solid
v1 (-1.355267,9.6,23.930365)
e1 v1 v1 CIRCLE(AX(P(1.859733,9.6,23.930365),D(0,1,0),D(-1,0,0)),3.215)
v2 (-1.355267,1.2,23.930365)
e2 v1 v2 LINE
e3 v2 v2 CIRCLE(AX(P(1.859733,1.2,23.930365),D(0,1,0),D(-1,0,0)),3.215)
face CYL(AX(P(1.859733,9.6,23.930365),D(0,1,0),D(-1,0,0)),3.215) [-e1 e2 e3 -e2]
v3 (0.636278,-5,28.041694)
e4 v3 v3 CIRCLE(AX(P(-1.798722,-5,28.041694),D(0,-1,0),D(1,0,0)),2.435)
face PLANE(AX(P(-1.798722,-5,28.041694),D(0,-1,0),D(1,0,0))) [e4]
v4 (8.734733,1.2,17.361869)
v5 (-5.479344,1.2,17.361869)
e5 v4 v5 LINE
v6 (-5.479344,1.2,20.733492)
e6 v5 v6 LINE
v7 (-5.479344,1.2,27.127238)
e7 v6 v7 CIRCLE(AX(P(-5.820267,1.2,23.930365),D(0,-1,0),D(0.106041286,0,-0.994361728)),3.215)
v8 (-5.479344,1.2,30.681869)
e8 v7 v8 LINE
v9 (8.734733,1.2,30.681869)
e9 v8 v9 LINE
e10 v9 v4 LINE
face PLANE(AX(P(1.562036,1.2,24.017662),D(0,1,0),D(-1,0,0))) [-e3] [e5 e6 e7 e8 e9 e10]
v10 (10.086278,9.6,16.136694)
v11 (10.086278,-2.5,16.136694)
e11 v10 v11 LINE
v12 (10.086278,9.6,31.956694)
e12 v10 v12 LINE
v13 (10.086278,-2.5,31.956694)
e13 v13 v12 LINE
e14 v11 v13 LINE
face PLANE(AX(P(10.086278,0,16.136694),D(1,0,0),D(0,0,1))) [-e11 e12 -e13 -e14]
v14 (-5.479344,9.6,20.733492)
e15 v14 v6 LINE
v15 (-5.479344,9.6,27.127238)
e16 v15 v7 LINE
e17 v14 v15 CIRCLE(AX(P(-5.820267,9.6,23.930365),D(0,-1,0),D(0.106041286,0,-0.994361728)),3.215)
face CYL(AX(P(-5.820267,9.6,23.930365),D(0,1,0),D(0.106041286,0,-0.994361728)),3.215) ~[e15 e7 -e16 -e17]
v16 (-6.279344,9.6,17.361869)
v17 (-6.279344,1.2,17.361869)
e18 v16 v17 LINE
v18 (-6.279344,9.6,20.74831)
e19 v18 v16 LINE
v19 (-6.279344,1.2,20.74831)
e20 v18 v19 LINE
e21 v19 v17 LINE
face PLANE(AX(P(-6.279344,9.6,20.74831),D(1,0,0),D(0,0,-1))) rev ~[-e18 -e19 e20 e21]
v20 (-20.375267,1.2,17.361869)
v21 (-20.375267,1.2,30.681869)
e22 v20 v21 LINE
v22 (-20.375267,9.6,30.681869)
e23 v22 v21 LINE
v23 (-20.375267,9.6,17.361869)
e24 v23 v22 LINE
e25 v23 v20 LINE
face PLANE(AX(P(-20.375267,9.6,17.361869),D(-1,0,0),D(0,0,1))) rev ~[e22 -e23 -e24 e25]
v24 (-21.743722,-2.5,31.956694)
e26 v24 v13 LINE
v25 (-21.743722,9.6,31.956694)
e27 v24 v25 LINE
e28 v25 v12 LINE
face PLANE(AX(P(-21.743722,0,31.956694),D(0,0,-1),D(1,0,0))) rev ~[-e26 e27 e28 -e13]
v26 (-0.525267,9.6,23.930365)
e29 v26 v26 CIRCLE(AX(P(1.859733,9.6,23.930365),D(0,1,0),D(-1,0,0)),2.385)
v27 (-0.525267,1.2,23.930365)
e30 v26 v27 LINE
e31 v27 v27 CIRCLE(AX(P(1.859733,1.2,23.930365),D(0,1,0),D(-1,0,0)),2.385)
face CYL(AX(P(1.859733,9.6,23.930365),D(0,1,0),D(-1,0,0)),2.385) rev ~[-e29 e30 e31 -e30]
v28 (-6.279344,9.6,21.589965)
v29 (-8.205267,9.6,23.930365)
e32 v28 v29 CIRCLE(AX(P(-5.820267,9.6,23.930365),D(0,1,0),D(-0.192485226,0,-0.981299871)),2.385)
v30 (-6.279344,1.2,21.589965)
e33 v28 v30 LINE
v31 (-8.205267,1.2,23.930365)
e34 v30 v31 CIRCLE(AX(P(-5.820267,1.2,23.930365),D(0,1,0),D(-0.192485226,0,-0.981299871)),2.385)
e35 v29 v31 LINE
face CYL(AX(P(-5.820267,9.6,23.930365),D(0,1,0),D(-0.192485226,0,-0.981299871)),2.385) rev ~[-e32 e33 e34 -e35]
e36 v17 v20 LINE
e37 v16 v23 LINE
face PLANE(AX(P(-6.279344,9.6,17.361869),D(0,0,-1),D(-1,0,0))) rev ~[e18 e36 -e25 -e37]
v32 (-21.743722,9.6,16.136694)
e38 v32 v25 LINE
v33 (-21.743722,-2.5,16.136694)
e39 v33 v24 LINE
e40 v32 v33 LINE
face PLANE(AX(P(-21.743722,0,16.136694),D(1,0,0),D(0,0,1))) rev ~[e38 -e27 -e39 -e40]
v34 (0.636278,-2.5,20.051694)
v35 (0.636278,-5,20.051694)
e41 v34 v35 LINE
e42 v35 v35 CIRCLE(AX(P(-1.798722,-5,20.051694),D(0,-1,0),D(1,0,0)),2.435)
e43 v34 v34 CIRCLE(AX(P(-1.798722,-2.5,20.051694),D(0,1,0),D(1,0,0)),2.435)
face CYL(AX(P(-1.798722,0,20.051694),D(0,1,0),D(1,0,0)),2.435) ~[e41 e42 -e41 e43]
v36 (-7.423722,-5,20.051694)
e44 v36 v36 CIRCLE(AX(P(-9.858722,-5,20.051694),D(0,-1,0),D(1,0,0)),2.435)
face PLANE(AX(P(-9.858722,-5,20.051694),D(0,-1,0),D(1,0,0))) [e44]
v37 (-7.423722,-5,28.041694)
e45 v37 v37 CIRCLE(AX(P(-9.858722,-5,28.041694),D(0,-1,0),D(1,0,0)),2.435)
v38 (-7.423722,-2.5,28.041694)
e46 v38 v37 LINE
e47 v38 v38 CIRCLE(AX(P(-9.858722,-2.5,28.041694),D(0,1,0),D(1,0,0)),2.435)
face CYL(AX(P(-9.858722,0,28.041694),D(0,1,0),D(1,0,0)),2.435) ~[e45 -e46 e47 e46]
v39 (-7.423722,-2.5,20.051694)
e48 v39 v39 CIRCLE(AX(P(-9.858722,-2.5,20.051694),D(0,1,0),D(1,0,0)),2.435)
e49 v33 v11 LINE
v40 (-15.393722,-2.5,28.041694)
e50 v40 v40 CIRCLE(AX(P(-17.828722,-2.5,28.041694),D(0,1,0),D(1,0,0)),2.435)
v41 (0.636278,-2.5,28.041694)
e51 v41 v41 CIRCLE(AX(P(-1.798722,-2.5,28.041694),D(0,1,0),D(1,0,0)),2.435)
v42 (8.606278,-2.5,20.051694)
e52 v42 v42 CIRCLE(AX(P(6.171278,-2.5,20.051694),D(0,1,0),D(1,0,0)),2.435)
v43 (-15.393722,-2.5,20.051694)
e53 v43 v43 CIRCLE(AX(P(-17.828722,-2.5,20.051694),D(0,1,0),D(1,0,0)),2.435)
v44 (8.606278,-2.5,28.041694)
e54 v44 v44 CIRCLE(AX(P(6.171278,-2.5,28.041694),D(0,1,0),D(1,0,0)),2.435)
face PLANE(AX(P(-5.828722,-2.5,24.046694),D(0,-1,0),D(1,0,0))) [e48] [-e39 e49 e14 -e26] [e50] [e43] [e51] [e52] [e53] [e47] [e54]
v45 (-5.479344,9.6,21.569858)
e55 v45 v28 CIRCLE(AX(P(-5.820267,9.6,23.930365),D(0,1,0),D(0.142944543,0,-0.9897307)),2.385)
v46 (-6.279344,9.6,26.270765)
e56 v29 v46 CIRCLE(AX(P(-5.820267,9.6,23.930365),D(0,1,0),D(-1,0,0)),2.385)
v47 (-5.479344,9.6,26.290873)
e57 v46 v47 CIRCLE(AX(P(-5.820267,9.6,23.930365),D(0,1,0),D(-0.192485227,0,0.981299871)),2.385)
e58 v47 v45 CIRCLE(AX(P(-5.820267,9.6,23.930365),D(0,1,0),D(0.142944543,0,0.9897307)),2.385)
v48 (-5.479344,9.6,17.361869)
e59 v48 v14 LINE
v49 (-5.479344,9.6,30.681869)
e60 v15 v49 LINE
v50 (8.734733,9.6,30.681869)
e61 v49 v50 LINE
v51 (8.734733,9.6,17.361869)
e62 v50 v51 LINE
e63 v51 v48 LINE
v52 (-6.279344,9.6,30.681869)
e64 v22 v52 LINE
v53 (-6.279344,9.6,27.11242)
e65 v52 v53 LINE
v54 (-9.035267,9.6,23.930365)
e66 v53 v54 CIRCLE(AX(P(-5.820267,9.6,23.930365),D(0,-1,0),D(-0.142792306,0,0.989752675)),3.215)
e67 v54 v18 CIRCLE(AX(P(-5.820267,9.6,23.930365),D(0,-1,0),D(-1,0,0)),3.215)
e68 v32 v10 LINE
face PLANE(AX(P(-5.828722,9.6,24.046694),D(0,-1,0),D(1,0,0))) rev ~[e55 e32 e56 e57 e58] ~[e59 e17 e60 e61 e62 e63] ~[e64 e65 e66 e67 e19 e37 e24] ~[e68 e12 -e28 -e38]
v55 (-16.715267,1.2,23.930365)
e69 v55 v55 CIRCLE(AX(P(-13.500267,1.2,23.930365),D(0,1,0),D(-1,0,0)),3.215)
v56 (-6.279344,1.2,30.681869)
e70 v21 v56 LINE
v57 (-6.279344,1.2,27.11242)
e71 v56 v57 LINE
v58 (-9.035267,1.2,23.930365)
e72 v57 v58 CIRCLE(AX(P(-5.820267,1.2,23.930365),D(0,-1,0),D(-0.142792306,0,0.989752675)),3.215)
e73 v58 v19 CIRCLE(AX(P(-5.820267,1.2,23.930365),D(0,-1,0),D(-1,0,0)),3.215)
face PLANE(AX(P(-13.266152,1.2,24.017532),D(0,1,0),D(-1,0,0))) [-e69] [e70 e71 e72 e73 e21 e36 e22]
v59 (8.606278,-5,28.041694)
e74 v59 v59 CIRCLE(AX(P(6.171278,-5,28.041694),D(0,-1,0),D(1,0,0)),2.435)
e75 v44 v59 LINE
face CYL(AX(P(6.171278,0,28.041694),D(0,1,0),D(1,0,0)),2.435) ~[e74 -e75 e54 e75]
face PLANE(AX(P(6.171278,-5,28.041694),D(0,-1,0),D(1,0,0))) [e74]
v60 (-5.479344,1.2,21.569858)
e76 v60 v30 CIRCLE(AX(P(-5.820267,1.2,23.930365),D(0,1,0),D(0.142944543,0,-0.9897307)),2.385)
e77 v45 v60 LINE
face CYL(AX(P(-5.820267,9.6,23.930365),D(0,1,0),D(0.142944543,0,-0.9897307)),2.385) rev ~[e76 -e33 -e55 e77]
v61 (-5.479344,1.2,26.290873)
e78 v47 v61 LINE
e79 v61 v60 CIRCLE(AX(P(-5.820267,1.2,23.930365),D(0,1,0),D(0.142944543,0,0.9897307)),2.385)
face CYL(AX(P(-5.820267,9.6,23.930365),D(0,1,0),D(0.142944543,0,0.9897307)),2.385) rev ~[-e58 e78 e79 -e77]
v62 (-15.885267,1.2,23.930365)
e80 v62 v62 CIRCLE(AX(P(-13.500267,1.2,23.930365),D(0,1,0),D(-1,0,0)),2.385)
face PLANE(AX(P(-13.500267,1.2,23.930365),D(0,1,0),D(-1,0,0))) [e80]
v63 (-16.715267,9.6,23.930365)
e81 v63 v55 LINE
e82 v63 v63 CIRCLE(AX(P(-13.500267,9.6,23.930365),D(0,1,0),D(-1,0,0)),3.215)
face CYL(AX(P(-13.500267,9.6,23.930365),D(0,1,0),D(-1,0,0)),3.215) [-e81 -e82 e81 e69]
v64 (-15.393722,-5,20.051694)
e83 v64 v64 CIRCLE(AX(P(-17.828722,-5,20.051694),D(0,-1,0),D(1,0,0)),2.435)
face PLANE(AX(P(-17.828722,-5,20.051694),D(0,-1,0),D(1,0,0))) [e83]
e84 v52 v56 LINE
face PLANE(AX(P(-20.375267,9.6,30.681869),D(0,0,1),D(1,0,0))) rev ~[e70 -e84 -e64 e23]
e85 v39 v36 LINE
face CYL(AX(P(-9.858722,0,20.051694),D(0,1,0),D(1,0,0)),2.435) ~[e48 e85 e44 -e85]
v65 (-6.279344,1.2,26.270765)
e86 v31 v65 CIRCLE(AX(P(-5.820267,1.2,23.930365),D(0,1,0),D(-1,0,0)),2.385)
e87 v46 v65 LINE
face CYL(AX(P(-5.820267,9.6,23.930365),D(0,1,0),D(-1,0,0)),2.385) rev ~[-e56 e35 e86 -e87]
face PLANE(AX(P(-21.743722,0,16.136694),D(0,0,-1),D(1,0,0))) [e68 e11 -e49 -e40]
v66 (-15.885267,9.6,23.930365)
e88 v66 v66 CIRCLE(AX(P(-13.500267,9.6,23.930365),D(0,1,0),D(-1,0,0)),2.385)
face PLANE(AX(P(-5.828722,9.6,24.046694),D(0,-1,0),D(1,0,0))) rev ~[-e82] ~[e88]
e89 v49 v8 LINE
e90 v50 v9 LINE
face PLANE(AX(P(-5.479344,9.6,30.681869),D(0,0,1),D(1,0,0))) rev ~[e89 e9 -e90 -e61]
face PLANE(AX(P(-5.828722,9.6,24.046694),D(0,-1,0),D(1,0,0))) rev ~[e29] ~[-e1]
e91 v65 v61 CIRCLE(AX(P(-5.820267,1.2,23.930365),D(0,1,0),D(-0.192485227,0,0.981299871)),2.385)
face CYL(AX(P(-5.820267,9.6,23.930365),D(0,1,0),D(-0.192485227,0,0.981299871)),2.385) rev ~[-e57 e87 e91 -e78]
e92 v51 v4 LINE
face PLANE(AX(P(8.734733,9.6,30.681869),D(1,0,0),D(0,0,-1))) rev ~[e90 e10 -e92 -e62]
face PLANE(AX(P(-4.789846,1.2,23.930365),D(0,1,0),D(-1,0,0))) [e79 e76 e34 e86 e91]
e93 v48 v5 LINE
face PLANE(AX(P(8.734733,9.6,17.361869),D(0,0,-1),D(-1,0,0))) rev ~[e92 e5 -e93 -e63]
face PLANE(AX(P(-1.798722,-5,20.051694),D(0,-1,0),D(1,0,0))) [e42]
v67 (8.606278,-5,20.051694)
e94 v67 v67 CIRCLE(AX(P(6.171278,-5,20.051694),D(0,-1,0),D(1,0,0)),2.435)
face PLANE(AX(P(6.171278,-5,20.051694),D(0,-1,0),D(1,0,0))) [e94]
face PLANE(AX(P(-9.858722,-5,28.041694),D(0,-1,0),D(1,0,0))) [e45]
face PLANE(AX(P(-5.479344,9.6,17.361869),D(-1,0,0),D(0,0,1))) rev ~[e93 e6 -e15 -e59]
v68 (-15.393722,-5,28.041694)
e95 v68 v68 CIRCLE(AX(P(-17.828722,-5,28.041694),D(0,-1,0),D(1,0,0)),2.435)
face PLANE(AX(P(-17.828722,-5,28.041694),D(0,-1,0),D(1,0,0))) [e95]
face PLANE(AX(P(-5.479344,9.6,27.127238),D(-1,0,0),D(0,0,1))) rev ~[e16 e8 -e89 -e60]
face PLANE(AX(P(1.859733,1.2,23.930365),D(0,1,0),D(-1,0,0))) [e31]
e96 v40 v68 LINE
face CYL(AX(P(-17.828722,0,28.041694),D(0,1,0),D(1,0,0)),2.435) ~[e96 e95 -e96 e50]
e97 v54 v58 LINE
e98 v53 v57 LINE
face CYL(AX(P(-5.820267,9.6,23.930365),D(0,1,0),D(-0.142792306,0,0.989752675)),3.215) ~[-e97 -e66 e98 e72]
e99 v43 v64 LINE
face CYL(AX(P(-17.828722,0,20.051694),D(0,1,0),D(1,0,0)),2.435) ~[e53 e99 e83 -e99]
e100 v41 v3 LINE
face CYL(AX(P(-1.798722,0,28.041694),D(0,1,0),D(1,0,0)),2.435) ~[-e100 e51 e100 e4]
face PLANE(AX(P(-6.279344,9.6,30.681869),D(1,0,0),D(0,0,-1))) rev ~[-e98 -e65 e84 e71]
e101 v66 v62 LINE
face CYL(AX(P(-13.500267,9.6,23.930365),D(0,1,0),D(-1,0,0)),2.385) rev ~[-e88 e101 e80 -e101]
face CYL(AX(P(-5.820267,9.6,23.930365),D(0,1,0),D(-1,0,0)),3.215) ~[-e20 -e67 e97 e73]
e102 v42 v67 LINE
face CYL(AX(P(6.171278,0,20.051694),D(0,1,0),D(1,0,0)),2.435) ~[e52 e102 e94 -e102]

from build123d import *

# Parameters (mm, degrees)
F0_W          = 31.83
F0_H          = 15.82
F0_R          = 2.435
F1_DEPTH      = 2.5
F1_DEPTH_BACK = 9.6
F2_DEPTH      = 5
F3_R          = 3.215
F3_R_2        = 2.385
F4_DEPTH      = 8.4


with BuildPart() as f1:
    # F0 (on Front) → F1 (new body, two sides)
    with BuildSketch(Plane.XZ) as f1_sk:
        with Locations((-5.828721876, 24.0466938629)):
            Rectangle(F0_W, F0_H)
        with Locations((-17.828721876, 20.0516938629)):
            Circle(F0_R, mode=Mode.SUBTRACT)
        with Locations((-9.858721876, 20.0516938629)):
            Circle(F0_R, mode=Mode.SUBTRACT)
        with Locations((-1.798721876, 20.0516938629)):
            Circle(F0_R, mode=Mode.SUBTRACT)
        with Locations((6.171278124, 20.0516938629)):
            Circle(F0_R, mode=Mode.SUBTRACT)
        with Locations((-17.828721876, 28.0416938629)):
            Circle(F0_R, mode=Mode.SUBTRACT)
        with Locations((-9.858721876, 28.0416938629)):
            Circle(F0_R, mode=Mode.SUBTRACT)
        with Locations((-1.798721876, 28.0416938629)):
            Circle(F0_R, mode=Mode.SUBTRACT)
        with Locations((6.171278124, 28.0416938629)):
            Circle(F0_R, mode=Mode.SUBTRACT)
        with Locations((-1.798721876, 28.0416938629)):
            Circle(F0_R)
        with Locations((-9.858721876, 28.0416938629)):
            Circle(F0_R)
        with Locations((-17.828721876, 28.0416938629)):
            Circle(F0_R)
        with Locations((-17.828721876, 20.0516938629)):
            Circle(F0_R)
        with Locations((-9.858721876, 20.0516938629)):
            Circle(F0_R)
        with Locations((-1.798721876, 20.0516938629)):
            Circle(F0_R)
        with Locations((6.171278124, 20.0516938629)):
            Circle(F0_R)
        with Locations((6.171278124, 28.0416938629)):
            Circle(F0_R)
    extrude(amount=F1_DEPTH)
    extrude(f1_sk.sketch, amount=-F1_DEPTH_BACK)

    # F0 (on Front) → F2 (join)
    with BuildSketch(Plane.XZ):
        with Locations((-17.828721876, 28.0416938629)):
            Circle(F0_R)
        with Locations((-17.828721876, 20.0516938629)):
            Circle(F0_R)
        with Locations((-9.858721876, 28.0416938629)):
            Circle(F0_R)
        with Locations((-9.858721876, 20.0516938629)):
            Circle(F0_R)
        with Locations((-1.798721876, 28.0416938629)):
            Circle(F0_R)
        with Locations((-1.798721876, 20.0516938629)):
            Circle(F0_R)
        with Locations((6.171278124, 28.0416938629)):
            Circle(F0_R)
        with Locations((6.171278124, 20.0516938629)):
            Circle(F0_R)
    extrude(amount=F2_DEPTH)

    # F3 (on face) → F4 (cut)
    with BuildSketch(Plane(origin=(0, 9.6, 0), x_dir=(-1, 0, 0), z_dir=(0, 1, 0))):
        with BuildLine():
            Line((5.4793441668, 30.6818692116), (-8.7347330976, 30.6818692116))
            Line((-8.7347330976, 30.6818692116), (-8.7347330976, 17.3618692116))
            Line((-8.7347330976, 17.3618692116), (5.4793441668, 17.3618692116))
            Line((5.4793441668, 17.3618692116), (5.4793441668, 20.733492265))
            ThreePointArc((5.4793441668, 20.733492265), (2.6052669024, 23.9303652197), (5.4793441668, 27.1272381744))
            Line((5.4793441668, 27.1272381744), (5.4793441668, 30.6818692116))
        make_face()
        with Locations((-1.8597330976, 23.9303652197)):
            Circle(F3_R, mode=Mode.SUBTRACT)
        with BuildLine():
            Line((6.6202669024, 30.6818692116), (6.2793441668, 30.6818692116))
            Line((6.2793441668, 30.6818692116), (6.2793441668, 27.1124200692))
            ThreePointArc((6.2793441668, 27.1124200692), (8.2505095246, 26.0351563727), (9.0352669024, 23.9303652197))
            ThreePointArc((9.0352669024, 23.9303652197), (8.2505095246, 21.8255740668), (6.2793441668, 20.7483103702))
            Line((6.2793441668, 20.7483103702), (6.2793441668, 17.3618692116))
            Line((6.2793441668, 17.3618692116), (6.6202669024, 17.3618692116))
            Line((6.6202669024, 17.3618692116), (20.3752669024, 17.3618692116))
            Line((20.3752669024, 17.3618692116), (20.3752669024, 30.6818692116))
            Line((20.3752669024, 30.6818692116), (6.6202669024, 30.6818692116))
        make_face()
        with Locations((13.5002669024, 23.9303652197)):
            Circle(F3_R, mode=Mode.SUBTRACT)
        with Locations((-1.8597330976, 23.9303652197)):
            Circle(F3_R_2)
        with Locations((13.5002669024, 23.9303652197)):
            Circle(F3_R_2)
        with BuildLine():
            Line((5.4793441668, 21.5698575014), (5.4793441668, 26.290872938))
            ThreePointArc((5.4793441668, 26.290872938), (3.4352669024, 23.9303652197), (5.4793441668, 21.5698575014))
        make_face()
        with BuildLine():
            ThreePointArc((8.2052669024, 23.9303652197), (7.6618863359, 25.4458396874), (6.2793441668, 26.2707654131))
            Line((6.2793441668, 26.2707654131), (6.2793441668, 21.5899650263))
            ThreePointArc((6.2793441668, 21.5899650263), (7.6618863359, 22.414890752), (8.2052669024, 23.9303652197))
        make_face()
        with BuildLine():
            ThreePointArc((6.2793441668, 26.2707654131), (5.8801935351, 26.3146122285), (5.4793441668, 26.290872938))
            Line((5.4793441668, 26.290872938), (5.4793441668, 21.5698575014))
            ThreePointArc((5.4793441668, 21.5698575014), (5.8801935351, 21.546118211), (6.2793441668, 21.5899650263))
            Line((6.2793441668, 21.5899650263), (6.2793441668, 26.2707654131))
        make_face()
    extrude(amount=-F4_DEPTH, mode=Mode.SUBTRACT)


solid = f1.part
